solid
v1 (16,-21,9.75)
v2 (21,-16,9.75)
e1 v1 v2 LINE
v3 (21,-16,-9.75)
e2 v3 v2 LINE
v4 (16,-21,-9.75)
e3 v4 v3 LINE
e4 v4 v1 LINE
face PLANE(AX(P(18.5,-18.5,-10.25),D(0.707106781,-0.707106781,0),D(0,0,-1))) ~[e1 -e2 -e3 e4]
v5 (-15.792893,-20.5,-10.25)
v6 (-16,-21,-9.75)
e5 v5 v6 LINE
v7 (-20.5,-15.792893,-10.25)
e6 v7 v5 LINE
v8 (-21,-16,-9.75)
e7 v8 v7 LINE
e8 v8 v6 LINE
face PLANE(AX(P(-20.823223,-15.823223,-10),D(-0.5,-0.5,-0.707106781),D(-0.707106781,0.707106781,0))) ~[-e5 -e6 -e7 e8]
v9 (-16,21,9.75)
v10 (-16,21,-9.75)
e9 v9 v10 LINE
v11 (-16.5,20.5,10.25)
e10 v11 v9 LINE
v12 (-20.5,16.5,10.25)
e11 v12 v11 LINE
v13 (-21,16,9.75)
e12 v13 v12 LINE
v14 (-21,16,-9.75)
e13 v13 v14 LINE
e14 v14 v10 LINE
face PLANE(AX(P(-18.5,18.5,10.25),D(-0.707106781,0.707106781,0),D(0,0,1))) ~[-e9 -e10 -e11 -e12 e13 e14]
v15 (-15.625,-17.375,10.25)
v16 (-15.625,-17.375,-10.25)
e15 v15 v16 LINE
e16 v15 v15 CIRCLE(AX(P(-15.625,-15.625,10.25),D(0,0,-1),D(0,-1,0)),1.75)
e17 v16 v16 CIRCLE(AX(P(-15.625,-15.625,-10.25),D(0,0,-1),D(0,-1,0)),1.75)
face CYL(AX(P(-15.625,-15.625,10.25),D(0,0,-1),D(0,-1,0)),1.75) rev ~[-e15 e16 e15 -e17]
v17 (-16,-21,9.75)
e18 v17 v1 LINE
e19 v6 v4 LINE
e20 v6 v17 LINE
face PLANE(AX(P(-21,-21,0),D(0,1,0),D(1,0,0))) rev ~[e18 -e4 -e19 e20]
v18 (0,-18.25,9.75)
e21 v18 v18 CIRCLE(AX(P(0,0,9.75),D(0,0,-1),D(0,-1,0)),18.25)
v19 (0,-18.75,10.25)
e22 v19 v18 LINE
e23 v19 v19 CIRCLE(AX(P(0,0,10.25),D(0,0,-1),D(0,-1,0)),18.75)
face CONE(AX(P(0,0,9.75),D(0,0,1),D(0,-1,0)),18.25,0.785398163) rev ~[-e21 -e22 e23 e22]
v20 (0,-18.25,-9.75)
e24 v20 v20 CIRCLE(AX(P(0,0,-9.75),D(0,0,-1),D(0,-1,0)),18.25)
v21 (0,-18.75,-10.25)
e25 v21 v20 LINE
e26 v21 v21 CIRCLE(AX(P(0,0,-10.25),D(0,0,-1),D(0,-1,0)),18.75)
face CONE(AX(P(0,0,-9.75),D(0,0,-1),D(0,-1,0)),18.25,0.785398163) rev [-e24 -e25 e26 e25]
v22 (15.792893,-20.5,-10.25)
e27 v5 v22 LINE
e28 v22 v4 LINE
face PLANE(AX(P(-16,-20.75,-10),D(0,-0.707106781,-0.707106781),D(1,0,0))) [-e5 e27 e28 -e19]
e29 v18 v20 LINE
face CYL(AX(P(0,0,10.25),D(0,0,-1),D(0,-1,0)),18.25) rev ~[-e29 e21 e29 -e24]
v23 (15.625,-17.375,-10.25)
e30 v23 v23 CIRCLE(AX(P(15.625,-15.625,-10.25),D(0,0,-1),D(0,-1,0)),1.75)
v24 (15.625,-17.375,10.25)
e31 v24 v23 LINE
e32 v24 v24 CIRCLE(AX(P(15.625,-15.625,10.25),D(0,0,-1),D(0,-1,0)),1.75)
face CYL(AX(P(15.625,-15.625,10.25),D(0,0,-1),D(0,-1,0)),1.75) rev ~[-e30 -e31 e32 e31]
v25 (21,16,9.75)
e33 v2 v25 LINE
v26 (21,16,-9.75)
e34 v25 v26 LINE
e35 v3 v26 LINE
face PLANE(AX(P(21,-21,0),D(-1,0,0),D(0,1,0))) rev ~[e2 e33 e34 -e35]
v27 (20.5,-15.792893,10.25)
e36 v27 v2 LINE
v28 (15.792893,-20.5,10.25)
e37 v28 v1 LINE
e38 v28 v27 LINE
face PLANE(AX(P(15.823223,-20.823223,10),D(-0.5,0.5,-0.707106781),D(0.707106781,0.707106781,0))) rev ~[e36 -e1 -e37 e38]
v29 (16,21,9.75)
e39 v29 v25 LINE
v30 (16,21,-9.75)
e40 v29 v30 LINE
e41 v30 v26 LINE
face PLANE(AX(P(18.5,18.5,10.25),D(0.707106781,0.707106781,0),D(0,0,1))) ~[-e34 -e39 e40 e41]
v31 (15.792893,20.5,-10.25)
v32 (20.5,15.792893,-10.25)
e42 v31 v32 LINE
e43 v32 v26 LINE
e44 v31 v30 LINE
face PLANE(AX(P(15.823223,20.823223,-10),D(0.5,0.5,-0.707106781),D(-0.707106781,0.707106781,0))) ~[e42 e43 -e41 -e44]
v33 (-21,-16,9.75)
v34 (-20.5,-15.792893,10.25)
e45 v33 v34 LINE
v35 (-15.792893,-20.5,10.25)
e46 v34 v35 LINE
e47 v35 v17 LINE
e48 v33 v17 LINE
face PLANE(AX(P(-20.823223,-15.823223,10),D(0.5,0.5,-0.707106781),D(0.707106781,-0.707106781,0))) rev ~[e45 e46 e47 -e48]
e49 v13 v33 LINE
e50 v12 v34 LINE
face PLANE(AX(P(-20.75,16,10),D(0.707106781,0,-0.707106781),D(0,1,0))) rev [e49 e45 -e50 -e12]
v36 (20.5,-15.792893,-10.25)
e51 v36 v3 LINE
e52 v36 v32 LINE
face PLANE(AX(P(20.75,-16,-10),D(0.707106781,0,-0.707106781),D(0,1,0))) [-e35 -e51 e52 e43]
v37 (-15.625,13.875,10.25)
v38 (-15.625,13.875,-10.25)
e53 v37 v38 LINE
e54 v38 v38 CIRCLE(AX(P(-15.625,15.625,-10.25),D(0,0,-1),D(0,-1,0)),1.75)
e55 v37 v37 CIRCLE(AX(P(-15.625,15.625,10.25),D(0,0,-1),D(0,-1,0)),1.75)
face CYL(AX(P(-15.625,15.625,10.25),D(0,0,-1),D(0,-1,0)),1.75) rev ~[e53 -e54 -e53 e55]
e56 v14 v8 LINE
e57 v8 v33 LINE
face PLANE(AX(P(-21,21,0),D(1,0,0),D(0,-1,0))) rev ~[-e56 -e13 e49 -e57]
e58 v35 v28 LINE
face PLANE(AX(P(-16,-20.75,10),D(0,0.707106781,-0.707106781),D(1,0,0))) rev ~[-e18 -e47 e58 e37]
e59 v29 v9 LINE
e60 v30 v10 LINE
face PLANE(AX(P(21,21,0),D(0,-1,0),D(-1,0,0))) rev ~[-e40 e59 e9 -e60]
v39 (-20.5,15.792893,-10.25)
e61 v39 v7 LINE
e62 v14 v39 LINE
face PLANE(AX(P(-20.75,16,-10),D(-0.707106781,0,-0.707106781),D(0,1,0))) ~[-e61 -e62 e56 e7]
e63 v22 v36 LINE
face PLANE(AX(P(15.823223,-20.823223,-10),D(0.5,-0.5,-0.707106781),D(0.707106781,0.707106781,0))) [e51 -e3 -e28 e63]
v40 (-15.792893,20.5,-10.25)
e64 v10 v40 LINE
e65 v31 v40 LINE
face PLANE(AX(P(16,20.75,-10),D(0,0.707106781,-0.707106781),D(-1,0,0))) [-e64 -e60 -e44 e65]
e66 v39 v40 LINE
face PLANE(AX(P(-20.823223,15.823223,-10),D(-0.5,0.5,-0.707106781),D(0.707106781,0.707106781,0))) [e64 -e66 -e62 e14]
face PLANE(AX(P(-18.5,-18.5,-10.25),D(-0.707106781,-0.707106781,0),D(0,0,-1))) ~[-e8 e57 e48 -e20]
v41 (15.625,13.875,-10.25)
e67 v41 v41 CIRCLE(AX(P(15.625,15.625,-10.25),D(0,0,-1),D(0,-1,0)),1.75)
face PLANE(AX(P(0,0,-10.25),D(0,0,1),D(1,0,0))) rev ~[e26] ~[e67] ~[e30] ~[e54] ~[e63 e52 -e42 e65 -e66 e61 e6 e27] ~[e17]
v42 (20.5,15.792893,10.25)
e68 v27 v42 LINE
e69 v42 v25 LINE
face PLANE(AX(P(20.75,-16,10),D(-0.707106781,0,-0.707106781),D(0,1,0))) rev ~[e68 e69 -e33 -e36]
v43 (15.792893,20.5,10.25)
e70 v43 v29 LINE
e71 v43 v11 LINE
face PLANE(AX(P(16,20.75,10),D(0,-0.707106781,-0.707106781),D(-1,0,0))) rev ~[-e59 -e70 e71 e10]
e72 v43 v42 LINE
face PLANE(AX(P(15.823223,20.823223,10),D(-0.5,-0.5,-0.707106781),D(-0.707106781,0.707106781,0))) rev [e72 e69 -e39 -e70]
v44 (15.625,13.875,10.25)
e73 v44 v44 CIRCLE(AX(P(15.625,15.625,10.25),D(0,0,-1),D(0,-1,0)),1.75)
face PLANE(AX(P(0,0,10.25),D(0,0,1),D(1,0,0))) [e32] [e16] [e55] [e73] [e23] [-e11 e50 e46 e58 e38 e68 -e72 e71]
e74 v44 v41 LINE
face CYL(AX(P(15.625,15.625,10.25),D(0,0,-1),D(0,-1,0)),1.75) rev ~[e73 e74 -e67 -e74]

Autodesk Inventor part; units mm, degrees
ref_plane "YZ Plane" through (0, 0, 0) normal (1, 0, 0) x (0, 1, 0)
ref_plane "XZ Plane" through (0, 0, 0) normal (0, 1, 0) x (-1, 0, 0)
ref_plane "XY Plane" through (0, 0, 0) normal (0, 0, 1) x (1, 0, 0)
sketch "Esquisse1" plane through (0, 0, 0) normal (0, 0, 1) x (1, 0, 0)
  line L0 (-21, -21) -> (21, -21)
  line L1 (21, -21) -> (21, 21)
  line L2 (21, 21) -> (-21, 21)
  line L3 (-21, 21) -> (-21, -21)
  line L4 (-21, -21) -> (21, 21) construction
  line L5 (21, -21) -> (-21, 21) construction
  point P0 (0, 0)
  dimension "d0" = 42
  dimension "d1" = 42
extrude "Extrusion1" add sketch "Esquisse1" along normal mid plane 20.5
sketch "Esquisse2" plane through (0, 0, 10.25) normal (0, 0, 1) x (1, 0, 0)
  point P0 (0, 0)
  point P1 (0, 0)
hole "Perçage1" at (0, 0, 10.25) direction (0, 0, -1) diameter 36.5 end through all
sketch "Esquisse3" plane through (0, 0, 10.25) normal (0, 0, 1) x (1, 0, 0)
  point P0 (0, 0)
  point P1 (-15.625, 15.625)
  point P2 (-15.625, -15.625)
  point P3 (15.625, -15.625)
  point P4 (15.625, 15.625)
  dimension "d11" = 31.25
  dimension "d12" = 31.25
  dimension "d13" = 15.625
  dimension "d14" = 15.625
hole "Perçage2" at (-15.625, 15.625, 10.25) at (-15.625, -15.625, 10.25) at (15.625, -15.625, 10.25) at (15.625, 15.625, 10.25) direction (0, 0, -1) diameter 3.5 end through all
chamfer "Chanfrein1" distance 5 angle 45 4 edges at (21, 21, 0) (-21, 21, 0) (21, -21, 0) (-21, -21, 0)
chamfer "Chanfrein2" distance 0.5 angle 45 17 edges at (-21, 0, 10.25) (-18.5, -18.5, 10.25) (0, -21, 10.25) (18.5, -18.5, 10.25) (21, 0, 10.25) (18.5, 18.5, 10.25) (0, 21, 10.25) (0, 18.25, 10.25) (-18.5, 18.5, -10.25) (0, 21, -10.25) (0, 18.25, -10.25) (-21, 0, -10.25) (0, -21, -10.25) (-18.5, -18.5, -10.25) (18.5, -18.5, -10.25) (21, 0, -10.25) (18.5, 18.5, -10.25)
equation "\"d12\" = d11"
equation "\"d13\" = 0.5 * d11"
equation "\"d14\" = 0.5 * d12"
properties part number "Cache reducteur" material "----------"
